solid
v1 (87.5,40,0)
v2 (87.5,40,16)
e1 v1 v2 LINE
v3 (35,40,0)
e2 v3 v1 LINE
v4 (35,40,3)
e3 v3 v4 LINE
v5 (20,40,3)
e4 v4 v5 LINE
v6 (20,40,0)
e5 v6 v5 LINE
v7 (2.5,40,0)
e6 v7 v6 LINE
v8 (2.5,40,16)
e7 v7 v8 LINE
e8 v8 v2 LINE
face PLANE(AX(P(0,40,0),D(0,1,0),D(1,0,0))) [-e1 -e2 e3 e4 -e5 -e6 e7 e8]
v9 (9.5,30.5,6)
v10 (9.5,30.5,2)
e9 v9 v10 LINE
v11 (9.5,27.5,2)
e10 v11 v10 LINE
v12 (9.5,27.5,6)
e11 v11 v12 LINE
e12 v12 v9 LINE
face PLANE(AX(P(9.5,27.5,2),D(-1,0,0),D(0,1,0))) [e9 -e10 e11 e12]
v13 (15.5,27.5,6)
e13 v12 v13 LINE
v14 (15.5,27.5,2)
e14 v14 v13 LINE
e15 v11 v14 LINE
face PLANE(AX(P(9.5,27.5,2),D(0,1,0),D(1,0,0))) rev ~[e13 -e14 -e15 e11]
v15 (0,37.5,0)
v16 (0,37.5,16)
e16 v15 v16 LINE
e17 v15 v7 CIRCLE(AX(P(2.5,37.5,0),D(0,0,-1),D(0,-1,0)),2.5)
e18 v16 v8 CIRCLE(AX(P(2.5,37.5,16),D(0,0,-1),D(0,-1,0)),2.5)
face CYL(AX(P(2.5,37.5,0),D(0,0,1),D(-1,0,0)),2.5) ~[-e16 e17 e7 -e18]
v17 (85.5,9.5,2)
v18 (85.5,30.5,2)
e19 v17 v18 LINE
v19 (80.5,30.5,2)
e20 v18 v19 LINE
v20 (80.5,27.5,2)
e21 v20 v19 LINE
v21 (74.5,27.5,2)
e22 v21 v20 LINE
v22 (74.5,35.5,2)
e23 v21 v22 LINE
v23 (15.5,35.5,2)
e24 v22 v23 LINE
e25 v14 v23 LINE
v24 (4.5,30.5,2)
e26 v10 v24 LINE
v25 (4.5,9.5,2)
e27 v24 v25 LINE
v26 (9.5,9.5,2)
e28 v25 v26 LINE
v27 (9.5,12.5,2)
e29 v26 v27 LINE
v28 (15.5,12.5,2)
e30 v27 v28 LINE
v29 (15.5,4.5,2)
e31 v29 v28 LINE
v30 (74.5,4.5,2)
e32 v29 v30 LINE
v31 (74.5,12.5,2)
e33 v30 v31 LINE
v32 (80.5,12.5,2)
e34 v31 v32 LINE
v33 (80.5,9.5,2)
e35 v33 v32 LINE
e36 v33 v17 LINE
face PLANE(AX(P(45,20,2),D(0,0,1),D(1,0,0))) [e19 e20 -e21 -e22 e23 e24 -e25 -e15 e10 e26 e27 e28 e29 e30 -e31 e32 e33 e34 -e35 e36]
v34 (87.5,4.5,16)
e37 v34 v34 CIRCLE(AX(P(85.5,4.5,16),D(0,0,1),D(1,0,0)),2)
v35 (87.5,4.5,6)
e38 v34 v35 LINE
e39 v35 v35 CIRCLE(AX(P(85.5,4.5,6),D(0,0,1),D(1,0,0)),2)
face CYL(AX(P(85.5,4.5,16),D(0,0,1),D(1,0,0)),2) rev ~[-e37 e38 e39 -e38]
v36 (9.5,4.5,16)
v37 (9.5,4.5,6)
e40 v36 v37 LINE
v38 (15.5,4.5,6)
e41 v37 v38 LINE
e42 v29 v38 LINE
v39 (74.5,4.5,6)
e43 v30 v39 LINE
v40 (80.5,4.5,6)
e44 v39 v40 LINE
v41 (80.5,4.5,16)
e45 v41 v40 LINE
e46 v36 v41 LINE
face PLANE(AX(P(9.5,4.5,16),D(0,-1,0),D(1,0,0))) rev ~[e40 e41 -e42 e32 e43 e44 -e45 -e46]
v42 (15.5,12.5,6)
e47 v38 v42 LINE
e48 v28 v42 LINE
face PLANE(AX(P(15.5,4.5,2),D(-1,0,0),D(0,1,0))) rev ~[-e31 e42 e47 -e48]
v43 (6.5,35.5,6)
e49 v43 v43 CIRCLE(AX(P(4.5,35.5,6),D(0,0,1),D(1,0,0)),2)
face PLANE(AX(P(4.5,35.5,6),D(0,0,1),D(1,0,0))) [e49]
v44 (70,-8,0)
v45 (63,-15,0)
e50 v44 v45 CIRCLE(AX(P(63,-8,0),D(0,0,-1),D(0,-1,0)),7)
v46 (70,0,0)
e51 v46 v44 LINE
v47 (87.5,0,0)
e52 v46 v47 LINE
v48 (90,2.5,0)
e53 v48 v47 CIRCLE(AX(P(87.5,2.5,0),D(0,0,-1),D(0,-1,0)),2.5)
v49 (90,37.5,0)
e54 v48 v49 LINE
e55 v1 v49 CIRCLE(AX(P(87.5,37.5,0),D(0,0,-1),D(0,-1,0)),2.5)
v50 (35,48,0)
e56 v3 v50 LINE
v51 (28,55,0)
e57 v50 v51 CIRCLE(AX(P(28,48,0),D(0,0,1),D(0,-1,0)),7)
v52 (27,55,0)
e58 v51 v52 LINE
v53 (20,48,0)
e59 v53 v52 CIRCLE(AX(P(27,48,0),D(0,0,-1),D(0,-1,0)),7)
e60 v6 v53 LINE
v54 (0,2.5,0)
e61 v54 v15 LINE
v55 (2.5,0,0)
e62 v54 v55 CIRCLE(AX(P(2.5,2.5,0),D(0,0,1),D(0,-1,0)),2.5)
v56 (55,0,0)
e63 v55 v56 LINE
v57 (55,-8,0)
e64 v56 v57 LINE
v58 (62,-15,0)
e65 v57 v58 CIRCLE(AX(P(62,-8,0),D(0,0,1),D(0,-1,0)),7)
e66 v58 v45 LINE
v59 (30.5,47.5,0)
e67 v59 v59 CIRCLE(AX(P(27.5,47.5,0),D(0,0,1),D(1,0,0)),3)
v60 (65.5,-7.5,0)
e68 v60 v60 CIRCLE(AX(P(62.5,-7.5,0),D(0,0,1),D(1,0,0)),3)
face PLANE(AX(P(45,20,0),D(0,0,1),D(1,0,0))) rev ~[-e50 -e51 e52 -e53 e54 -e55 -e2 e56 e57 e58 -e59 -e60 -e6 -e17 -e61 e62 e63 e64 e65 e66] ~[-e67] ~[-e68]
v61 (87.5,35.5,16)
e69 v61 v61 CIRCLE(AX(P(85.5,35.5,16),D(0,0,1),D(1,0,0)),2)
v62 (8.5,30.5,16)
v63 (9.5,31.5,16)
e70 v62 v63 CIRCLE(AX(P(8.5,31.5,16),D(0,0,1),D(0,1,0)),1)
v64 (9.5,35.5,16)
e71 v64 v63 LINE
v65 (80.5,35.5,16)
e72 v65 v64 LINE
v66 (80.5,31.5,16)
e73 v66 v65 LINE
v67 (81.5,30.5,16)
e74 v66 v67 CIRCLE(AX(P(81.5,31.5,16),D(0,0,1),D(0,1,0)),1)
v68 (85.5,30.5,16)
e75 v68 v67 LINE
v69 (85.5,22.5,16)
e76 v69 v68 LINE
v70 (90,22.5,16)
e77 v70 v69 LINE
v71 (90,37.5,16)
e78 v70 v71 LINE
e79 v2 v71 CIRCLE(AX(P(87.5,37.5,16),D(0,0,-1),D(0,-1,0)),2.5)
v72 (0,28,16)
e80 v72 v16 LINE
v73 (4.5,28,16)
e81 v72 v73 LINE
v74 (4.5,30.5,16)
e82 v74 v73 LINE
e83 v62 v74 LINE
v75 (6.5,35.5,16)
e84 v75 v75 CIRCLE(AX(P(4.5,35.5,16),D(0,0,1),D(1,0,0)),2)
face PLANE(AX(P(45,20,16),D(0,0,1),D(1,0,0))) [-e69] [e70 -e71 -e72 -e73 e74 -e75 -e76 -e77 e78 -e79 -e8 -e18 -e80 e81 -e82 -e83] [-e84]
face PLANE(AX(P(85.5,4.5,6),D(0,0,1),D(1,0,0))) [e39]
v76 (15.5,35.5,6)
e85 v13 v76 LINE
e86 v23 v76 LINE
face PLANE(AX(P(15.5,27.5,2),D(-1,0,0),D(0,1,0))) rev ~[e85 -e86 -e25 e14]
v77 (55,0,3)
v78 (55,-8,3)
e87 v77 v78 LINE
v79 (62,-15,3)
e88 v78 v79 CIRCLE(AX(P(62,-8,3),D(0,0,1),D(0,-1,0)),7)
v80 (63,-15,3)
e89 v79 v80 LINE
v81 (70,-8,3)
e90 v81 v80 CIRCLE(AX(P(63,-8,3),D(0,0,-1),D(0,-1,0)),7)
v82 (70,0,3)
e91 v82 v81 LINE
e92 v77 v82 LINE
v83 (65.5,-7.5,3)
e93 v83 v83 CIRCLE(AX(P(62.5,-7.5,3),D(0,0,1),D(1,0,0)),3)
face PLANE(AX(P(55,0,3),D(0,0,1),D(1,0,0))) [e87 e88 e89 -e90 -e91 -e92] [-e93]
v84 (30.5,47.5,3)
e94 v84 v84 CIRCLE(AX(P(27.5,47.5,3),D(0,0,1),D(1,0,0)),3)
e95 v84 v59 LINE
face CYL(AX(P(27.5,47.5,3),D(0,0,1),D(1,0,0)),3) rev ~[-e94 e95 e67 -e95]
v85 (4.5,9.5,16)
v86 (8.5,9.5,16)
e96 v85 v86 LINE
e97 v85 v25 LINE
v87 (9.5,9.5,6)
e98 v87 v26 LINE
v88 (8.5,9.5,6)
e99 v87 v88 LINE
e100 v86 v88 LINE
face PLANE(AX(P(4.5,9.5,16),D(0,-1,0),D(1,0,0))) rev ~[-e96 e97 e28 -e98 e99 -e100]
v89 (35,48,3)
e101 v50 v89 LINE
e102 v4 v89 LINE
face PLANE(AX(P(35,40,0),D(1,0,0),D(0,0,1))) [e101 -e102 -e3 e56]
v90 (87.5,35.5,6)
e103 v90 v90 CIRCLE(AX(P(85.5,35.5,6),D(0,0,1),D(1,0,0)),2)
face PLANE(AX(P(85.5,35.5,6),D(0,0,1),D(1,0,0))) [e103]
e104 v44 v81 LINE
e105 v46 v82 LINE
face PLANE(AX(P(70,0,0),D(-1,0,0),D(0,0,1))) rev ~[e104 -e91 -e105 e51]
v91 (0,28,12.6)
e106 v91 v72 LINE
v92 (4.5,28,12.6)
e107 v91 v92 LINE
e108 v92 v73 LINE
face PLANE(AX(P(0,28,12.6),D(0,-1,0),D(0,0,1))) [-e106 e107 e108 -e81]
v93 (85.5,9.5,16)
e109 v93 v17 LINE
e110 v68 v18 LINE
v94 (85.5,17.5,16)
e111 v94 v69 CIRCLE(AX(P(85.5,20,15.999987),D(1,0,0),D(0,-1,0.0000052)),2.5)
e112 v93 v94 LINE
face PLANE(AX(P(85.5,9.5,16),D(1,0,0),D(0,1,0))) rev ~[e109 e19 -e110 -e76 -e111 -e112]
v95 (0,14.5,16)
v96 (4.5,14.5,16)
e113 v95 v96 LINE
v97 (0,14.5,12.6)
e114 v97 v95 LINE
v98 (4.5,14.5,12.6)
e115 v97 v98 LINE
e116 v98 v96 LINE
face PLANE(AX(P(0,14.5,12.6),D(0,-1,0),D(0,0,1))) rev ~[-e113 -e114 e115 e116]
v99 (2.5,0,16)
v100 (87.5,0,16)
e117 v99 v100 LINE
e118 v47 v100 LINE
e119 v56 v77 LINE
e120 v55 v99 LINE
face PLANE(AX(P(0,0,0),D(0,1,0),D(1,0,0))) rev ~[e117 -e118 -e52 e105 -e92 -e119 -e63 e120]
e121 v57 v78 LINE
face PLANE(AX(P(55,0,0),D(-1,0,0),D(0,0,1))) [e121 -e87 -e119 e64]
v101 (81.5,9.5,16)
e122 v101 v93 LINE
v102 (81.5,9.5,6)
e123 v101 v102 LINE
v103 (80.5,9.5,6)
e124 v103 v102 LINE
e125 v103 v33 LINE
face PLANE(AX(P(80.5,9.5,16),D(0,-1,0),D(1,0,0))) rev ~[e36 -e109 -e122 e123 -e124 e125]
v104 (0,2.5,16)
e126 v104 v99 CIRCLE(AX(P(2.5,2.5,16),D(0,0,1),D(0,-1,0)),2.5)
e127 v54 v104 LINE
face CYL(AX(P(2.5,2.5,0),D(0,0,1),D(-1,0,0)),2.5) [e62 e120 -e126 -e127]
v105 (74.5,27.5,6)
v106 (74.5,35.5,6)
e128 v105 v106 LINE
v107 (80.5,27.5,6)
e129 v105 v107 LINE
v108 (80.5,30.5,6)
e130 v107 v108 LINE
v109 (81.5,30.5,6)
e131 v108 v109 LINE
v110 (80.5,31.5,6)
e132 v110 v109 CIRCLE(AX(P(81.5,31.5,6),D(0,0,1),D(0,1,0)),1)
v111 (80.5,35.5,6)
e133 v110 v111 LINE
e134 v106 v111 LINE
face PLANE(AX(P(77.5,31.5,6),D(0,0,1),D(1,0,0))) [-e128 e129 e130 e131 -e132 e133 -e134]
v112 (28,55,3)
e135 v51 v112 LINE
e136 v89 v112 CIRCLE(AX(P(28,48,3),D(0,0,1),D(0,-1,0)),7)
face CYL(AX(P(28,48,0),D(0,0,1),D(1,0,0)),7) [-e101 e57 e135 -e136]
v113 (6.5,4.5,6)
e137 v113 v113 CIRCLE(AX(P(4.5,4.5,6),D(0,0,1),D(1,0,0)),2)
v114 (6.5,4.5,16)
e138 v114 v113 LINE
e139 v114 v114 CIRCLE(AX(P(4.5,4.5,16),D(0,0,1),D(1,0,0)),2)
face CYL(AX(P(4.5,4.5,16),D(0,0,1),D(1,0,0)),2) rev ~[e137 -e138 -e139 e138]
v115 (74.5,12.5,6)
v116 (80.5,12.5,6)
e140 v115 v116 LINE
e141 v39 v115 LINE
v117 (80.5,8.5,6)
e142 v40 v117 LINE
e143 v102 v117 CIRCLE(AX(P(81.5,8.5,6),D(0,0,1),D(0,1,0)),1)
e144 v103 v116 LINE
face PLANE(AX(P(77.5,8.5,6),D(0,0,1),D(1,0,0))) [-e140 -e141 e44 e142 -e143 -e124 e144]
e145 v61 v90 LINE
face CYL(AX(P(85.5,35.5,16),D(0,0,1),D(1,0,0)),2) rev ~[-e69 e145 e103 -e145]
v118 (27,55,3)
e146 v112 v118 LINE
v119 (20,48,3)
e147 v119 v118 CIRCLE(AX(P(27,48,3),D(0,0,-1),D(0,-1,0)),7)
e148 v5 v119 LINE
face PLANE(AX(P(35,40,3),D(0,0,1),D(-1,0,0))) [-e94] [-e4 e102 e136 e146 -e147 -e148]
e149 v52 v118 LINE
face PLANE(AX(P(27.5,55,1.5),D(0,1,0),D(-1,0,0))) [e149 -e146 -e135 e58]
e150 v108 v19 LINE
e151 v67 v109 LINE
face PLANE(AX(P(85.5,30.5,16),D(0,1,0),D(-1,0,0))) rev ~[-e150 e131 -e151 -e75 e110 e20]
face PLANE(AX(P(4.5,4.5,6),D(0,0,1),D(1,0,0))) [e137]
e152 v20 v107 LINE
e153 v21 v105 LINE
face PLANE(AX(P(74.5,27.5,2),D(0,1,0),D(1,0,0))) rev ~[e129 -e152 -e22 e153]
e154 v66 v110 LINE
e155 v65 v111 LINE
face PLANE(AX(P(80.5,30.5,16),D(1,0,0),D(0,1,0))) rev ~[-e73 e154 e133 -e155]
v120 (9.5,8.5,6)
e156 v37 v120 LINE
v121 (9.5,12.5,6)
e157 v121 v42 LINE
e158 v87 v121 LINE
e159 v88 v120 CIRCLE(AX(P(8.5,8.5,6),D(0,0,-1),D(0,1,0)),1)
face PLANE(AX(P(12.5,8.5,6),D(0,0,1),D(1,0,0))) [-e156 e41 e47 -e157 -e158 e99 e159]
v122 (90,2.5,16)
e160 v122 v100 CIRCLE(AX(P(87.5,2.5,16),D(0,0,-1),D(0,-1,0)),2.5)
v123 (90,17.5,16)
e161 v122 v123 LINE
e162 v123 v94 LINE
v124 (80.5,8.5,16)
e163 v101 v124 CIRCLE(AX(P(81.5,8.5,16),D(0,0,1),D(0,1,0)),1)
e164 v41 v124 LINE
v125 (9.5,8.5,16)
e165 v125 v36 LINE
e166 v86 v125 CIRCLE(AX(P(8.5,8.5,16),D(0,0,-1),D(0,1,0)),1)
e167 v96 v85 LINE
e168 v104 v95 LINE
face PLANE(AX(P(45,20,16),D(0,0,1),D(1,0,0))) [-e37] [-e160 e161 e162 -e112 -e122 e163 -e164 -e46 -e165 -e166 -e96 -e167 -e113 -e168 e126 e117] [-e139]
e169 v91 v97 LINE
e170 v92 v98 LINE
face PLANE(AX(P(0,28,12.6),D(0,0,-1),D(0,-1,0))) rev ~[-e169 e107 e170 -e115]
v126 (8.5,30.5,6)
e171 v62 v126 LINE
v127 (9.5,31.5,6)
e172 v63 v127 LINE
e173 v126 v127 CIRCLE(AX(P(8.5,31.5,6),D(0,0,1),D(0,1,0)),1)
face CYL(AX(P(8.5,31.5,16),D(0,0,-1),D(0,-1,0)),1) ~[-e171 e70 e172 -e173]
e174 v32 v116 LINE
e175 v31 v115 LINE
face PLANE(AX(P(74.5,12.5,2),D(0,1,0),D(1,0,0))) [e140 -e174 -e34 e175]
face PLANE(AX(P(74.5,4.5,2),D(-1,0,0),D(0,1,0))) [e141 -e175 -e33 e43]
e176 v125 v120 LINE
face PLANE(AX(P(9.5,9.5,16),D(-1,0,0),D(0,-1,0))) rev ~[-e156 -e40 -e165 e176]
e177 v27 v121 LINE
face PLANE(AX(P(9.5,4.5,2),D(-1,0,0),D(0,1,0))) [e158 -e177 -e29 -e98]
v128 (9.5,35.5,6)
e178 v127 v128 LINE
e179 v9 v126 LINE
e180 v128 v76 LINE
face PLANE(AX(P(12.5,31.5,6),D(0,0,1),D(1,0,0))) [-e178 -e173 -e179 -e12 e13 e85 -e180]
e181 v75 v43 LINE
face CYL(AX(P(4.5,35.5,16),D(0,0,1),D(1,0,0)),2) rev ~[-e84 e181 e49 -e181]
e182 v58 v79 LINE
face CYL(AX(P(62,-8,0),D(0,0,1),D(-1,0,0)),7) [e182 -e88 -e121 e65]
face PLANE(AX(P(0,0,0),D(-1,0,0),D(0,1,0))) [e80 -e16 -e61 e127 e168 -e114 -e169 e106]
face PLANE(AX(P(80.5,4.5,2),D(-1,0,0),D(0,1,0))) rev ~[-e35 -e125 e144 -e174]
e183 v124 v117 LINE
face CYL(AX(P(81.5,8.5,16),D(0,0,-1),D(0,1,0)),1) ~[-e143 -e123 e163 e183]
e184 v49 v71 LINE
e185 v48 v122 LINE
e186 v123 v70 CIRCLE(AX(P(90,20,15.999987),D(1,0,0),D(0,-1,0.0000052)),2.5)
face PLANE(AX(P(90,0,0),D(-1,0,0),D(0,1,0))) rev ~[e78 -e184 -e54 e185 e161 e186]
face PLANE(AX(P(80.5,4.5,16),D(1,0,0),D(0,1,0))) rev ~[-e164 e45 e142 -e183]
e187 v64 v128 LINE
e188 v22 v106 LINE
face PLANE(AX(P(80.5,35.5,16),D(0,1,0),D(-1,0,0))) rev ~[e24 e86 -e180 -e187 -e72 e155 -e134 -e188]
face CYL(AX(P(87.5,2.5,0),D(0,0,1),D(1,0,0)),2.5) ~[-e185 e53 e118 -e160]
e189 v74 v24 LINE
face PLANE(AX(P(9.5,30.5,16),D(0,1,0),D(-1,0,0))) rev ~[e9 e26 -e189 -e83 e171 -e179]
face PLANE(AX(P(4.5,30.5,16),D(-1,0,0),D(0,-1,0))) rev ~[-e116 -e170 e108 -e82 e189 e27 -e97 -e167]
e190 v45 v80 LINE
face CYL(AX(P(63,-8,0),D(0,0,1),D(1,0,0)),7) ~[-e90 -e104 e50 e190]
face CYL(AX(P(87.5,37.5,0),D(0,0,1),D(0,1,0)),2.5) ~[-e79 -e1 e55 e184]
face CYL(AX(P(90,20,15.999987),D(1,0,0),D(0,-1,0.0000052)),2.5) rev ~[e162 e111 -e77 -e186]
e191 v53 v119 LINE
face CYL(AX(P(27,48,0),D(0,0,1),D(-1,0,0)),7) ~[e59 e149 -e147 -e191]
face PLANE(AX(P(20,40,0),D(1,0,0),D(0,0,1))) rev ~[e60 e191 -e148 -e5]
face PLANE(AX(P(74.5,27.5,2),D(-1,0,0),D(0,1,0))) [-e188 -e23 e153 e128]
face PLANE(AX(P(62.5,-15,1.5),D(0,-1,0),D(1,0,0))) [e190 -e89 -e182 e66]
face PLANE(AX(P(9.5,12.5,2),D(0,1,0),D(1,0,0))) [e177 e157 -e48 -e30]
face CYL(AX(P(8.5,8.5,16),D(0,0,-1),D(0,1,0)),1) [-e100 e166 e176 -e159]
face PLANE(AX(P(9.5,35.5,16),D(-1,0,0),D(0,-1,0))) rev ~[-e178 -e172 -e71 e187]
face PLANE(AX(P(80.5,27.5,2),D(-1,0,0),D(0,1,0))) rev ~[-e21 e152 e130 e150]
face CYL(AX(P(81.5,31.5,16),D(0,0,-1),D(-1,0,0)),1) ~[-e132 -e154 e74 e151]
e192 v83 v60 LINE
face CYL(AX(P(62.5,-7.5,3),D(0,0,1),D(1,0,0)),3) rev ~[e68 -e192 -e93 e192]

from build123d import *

# Parameters (mm, degrees)
SKETCH_W        = 90
SKETCH_H        = 40
PAD_DEPTH       = 16
POCKET_DEPTH    = 14
POCKET001_DEPTH = 6
SKETCH003_W     = 13.5
SKETCH003_H     = 3.4
POCKET002_DEPTH = 6
SKETCH005_R     = 2
POCKET003_DEPTH = 10
SKETCH006_W     = 6
SKETCH006_H     = 8
PAD001_DEPTH    = 4
FILLET_R        = 2.5
FILLET001_R     = 1
SKETCH007_W     = 15
SKETCH007_H     = 3
PAD002_DEPTH    = 15
FILLET002_R     = 7
SKETCH008_R     = 3
HOLE_DEPTH      = 25
SKETCH009_W     = 15
SKETCH009_H     = 3
PAD003_DEPTH    = 15
FILLET003_R     = 7
SKETCH010_R     = 3
HOLE001_DEPTH   = 25


with BuildPart() as part:
    # Sketch → Pad (new body)
    with BuildSketch(Plane.XY):
        with Locations((45, 20)):
            Rectangle(SKETCH_W, SKETCH_H)
    extrude(amount=PAD_DEPTH)

    # Sketch001 (on Face6 of Pad) → Pocket (cut)
    with BuildSketch(Plane.XY.offset(16)):
        Polygon((4.5, 30.5), (4.5, 9.5), (9.5, 9.5), (9.5, 4.5), (80.5, 4.5), (80.5, 9.5), (85.5, 9.5), (85.5, 30.5), (80.5, 30.5), (80.5, 35.5), (9.5, 35.5), (9.5, 30.5), align=None)
    extrude(amount=-POCKET_DEPTH, mode=Mode.SUBTRACT)

    # Sketch002 (on Face6 of Pocket) → Pocket001 (cut)
    with BuildSketch(Plane.YZ.offset(90)):
        with BuildLine():
            ThreePointArc((17.5, 16), (20, 13.499987), (22.5, 16))
            Line((17.5, 16), (22.5, 16))
        make_face()
    extrude(amount=-POCKET001_DEPTH, mode=Mode.SUBTRACT)

    # Sketch003 (on Face1 of Pocket001) → Pocket002 (cut)
    with BuildSketch(Plane(origin=(0, 0, 0), x_dir=(0, -1, 0), z_dir=(-1, 0, 0))):
        with Locations((-21.25, 14.3)):
            Rectangle(SKETCH003_W, SKETCH003_H)
    extrude(amount=-POCKET002_DEPTH, mode=Mode.SUBTRACT)

    # Sketch005 (on Face8 of Pocket002) → Pocket003 (cut)
    with BuildSketch(Plane.XY.offset(16)):
        with Locations((4.5, 35.5)):
            Circle(SKETCH005_R)
        with Locations((4.5, 4.5)):
            Circle(SKETCH005_R)
        with Locations((85.5, 35.5)):
            Circle(SKETCH005_R)
        with Locations((85.5, 4.5)):
            Circle(SKETCH005_R)
    extrude(amount=-POCKET003_DEPTH, mode=Mode.SUBTRACT)

    # Sketch006 (on Face28 of Pocket003) → Pad001 (join)
    with BuildSketch(Plane.XY.offset(2)):
        with Locations((77.5, 31.5)):
            Rectangle(SKETCH006_W, SKETCH006_H)
        with Locations((12.5, 8.5)):
            Rectangle(SKETCH006_W, SKETCH006_H)
        with Locations((12.5, 31.5)):
            Rectangle(SKETCH006_W, SKETCH006_H)
        with Locations((77.5, 8.5)):
            Rectangle(SKETCH006_W, SKETCH006_H)
    extrude(amount=PAD001_DEPTH)

    # Fillet
    fillet_edges = [part.edges().sort_by_distance(p)[0] for p in [
        (0, 0, 8),
        (90, 0, 8),
        (90, 40, 8),
        (0, 40, 8),
    ]]
    fillet(fillet_edges, radius=FILLET_R)

    # Fillet001
    fillet001_edges = [part.edges().sort_by_distance(p)[0] for p in [
        (9.5, 30.5, 11),
        (80.5, 30.5, 11),
        (80.5, 9.5, 11),
        (9.5, 9.5, 11),
    ]]
    fillet(fillet001_edges, radius=FILLET001_R)

    # Sketch007 (on Face50 of Fillet001) → Pad002 (join)
    with BuildSketch(Plane.XZ):
        with Locations((62.5, 1.5)):
            Rectangle(SKETCH007_W, SKETCH007_H)
    extrude(amount=PAD002_DEPTH)

    # Fillet002
    fillet002_edges = [part.edges().sort_by_distance(p)[0] for p in [
        (55, -15, 1.5),
        (70, -15, 1.5),
    ]]
    fillet(fillet002_edges, radius=FILLET002_R)

    # Sketch008 (on Face8 of Fillet002) → Hole (cut)
    with BuildSketch(Plane.XY.offset(3)):
        with Locations((62.5, -7.5)):
            Circle(SKETCH008_R)
    extrude(amount=-HOLE_DEPTH, mode=Mode.SUBTRACT)

    # Sketch009 (on Face14 of Hole) → Pad003 (join)
    with BuildSketch(Plane(origin=(0, 40, 0), x_dir=(-1, 0, 0), z_dir=(0, 1, 0))):
        with Locations((-27.5, 1.5)):
            Rectangle(SKETCH009_W, SKETCH009_H)
    extrude(amount=PAD003_DEPTH)

    # Fillet003
    fillet003_edges = [part.edges().sort_by_distance(p)[0] for p in [
        (35, 55, 1.5),
        (20, 55, 1.5),
    ]]
    fillet(fillet003_edges, radius=FILLET003_R)

    # Sketch010 (on Face8 of Fillet003) → Hole001 (cut)
    with BuildSketch(Plane.XY.offset(3)):
        with Locations((27.5, 47.5)):
            Circle(SKETCH010_R)
    extrude(amount=-HOLE001_DEPTH, mode=Mode.SUBTRACT)


solid = part.part
